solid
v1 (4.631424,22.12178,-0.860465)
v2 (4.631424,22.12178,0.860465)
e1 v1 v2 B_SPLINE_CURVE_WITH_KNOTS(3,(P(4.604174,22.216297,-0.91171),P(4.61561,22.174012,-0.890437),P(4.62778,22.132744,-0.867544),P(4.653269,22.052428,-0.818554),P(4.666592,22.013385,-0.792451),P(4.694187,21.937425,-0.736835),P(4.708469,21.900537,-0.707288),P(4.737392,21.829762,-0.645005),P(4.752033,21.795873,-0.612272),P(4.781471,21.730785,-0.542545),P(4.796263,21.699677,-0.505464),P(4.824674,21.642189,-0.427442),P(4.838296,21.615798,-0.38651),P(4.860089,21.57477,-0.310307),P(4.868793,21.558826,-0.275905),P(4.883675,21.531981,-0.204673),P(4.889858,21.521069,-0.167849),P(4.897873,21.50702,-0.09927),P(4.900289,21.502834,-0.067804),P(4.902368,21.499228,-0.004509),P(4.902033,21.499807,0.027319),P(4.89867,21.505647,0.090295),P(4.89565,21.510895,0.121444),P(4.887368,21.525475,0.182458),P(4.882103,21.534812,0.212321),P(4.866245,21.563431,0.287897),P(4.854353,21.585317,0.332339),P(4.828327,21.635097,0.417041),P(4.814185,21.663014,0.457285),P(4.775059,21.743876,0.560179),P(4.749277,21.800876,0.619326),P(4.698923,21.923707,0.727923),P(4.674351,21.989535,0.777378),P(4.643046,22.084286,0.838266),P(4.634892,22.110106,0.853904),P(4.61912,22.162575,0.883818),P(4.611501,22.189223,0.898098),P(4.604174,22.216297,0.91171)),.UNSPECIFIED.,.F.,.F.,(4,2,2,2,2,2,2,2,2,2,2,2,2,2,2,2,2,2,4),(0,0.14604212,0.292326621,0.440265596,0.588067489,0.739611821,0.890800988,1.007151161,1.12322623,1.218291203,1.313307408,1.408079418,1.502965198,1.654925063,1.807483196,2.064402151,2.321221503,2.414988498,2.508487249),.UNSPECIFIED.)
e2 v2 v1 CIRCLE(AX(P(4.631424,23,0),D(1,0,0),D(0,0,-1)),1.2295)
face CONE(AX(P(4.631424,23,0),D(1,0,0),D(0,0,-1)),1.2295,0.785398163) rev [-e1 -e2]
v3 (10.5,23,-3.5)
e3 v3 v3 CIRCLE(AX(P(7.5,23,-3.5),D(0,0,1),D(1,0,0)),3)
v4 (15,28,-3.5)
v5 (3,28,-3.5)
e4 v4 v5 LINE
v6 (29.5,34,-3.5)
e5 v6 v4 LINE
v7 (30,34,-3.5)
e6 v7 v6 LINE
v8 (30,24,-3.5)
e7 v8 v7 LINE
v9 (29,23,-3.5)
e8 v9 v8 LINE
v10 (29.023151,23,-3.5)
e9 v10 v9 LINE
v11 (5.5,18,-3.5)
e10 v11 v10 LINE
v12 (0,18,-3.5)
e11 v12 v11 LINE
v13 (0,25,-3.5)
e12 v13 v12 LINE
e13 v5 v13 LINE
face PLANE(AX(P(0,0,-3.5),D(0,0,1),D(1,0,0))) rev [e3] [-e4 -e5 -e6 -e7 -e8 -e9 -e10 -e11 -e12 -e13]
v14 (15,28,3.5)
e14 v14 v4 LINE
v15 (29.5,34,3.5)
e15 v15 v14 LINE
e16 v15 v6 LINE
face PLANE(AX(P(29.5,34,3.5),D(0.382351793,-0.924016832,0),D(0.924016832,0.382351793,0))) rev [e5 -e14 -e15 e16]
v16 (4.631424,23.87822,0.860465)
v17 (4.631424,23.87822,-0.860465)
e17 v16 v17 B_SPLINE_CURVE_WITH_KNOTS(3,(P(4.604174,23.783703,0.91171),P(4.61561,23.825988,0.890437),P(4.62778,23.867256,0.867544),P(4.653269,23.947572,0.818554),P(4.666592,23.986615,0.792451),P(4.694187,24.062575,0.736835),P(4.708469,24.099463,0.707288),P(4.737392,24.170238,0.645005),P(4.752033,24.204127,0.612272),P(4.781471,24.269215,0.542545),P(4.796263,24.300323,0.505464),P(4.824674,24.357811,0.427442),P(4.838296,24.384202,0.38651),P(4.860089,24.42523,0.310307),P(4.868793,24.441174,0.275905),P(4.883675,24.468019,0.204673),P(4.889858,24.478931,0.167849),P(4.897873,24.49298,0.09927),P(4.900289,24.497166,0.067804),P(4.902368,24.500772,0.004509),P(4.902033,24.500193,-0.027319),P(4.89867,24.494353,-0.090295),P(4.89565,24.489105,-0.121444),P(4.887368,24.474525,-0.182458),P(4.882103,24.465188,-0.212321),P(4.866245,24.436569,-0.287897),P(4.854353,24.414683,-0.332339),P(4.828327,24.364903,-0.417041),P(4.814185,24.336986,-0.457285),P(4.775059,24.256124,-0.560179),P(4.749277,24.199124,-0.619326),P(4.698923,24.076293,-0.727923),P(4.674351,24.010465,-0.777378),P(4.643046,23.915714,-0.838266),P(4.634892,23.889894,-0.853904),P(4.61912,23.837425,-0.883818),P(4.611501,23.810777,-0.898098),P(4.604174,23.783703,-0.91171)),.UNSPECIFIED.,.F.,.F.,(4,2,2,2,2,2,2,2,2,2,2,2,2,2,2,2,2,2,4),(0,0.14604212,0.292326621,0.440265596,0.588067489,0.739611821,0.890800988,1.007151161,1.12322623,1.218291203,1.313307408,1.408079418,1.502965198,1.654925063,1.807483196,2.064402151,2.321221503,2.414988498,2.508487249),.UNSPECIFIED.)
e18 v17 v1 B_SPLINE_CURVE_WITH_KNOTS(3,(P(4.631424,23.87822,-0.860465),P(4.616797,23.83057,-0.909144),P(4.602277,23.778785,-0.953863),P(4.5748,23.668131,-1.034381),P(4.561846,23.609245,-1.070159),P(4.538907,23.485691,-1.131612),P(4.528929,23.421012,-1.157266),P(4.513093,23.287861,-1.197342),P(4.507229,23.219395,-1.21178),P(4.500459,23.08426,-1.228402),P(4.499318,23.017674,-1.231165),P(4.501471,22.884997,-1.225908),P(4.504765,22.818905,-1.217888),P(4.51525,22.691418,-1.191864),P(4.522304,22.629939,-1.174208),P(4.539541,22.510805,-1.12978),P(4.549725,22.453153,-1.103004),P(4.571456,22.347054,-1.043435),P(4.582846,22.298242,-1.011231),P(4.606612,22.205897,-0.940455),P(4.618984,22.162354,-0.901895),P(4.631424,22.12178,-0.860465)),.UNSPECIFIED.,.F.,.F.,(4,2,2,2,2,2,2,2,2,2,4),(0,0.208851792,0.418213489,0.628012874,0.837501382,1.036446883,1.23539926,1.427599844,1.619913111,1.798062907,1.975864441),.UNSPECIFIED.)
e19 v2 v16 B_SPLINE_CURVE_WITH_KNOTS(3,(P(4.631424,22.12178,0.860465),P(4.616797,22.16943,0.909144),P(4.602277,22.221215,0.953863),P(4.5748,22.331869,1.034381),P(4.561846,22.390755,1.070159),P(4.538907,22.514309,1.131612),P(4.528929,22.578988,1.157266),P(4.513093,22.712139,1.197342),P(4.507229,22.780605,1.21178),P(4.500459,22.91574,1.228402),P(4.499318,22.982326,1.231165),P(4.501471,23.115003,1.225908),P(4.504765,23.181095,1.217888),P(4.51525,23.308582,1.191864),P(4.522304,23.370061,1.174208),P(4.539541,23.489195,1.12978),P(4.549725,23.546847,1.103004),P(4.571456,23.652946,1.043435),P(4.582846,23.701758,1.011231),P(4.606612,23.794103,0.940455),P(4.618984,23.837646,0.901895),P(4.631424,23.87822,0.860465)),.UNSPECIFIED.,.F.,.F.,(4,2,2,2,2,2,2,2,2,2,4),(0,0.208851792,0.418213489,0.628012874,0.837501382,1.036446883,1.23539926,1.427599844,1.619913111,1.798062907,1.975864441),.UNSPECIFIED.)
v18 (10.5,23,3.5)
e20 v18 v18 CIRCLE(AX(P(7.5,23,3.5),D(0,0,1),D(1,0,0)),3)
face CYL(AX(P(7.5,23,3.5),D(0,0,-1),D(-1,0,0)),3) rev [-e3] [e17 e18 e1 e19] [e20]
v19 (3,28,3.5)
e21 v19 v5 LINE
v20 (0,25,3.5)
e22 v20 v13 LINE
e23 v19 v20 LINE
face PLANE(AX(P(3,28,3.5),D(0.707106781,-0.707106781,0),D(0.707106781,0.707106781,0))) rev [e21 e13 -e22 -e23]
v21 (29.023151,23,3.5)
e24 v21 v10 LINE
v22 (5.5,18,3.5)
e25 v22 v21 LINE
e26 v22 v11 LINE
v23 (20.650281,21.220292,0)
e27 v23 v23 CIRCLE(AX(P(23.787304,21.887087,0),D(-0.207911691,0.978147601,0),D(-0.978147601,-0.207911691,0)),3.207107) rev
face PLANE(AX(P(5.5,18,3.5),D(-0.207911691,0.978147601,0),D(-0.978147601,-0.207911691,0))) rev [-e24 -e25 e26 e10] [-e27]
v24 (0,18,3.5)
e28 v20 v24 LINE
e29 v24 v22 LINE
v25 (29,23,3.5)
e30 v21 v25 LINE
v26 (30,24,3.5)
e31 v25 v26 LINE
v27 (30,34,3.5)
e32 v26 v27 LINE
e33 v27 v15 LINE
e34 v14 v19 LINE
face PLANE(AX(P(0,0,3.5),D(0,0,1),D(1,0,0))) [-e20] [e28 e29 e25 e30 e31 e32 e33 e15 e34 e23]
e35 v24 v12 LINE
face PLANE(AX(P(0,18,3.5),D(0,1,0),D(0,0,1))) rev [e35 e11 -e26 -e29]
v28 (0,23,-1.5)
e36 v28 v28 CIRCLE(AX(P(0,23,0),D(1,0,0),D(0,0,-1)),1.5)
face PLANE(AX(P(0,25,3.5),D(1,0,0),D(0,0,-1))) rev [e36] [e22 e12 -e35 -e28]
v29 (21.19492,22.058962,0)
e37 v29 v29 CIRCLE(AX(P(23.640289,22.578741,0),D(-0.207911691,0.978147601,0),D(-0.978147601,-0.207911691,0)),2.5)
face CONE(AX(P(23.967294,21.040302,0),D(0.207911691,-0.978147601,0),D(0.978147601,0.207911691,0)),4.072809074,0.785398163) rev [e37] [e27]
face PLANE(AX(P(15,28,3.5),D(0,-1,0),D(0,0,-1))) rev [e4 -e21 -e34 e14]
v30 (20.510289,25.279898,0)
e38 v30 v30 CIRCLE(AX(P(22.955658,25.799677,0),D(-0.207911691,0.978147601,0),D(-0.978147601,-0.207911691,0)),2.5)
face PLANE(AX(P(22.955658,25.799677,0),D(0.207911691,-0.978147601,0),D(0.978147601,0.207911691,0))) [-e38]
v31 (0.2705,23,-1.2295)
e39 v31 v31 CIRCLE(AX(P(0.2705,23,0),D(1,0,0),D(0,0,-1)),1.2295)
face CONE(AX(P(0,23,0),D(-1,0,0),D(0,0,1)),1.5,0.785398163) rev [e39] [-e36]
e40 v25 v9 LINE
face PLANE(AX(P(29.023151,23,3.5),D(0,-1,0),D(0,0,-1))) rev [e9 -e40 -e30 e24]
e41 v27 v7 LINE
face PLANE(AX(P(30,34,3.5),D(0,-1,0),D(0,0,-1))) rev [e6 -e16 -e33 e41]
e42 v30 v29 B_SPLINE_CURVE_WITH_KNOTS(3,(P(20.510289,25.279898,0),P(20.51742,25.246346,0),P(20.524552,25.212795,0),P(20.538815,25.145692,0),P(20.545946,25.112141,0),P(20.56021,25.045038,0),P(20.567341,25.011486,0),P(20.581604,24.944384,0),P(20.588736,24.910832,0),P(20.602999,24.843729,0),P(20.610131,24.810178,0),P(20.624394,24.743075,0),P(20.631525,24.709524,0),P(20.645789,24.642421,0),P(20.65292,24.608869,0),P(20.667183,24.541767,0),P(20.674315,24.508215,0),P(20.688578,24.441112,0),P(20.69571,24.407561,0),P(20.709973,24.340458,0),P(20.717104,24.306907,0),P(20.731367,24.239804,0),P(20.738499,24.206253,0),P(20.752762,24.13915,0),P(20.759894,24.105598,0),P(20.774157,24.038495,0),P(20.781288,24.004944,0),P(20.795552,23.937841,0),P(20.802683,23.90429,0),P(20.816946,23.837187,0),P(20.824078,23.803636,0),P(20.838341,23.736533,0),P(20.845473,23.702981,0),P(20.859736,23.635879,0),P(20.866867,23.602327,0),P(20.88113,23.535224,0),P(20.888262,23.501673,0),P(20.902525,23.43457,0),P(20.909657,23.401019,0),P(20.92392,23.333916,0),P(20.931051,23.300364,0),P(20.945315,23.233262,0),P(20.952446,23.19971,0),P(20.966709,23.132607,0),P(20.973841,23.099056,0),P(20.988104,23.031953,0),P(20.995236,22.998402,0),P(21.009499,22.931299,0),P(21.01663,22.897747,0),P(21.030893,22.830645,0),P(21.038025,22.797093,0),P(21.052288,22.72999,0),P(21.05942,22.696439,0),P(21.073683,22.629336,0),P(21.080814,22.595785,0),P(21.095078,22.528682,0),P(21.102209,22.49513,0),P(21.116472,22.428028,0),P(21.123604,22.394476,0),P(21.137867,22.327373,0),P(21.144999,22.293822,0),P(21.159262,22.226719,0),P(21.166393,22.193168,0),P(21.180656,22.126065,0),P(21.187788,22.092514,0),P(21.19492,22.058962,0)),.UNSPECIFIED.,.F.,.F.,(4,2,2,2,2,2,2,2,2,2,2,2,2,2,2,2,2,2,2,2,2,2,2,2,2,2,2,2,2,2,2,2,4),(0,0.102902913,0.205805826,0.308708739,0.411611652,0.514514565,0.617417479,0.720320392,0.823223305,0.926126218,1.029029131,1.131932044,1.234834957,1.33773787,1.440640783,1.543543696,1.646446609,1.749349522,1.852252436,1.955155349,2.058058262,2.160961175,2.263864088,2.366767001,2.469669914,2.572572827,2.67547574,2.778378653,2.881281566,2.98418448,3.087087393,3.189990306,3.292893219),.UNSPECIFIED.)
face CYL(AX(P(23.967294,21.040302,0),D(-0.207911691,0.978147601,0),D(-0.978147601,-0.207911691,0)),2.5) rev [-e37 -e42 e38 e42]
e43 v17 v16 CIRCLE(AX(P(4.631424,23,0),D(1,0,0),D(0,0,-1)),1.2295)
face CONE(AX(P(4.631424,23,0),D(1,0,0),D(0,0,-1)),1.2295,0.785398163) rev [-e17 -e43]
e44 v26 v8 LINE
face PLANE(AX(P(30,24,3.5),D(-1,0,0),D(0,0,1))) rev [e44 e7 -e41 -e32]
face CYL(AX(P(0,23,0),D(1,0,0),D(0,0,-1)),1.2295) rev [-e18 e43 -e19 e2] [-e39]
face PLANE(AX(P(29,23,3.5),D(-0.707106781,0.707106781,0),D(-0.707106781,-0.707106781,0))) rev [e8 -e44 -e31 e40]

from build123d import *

# Parameters (mm, degrees)
BOSS_EXTRUDE1_DEPTH      = 3.5
BOSS_EXTRUDE1_DEPTH_BACK = 3.5
CUT_EXTRUDE1_DEPTH       = 3.5
CUT_EXTRUDE1_DEPTH_BACK  = 3.5
SKETCH2_R                = 3


with BuildPart() as part:
    # Sketch1 → Boss-Extrude1 (new, two sides: drawn at the far end of the back side and taken through both)
    with BuildSketch(Plane.XY.offset(-BOSS_EXTRUDE1_DEPTH_BACK)):
        Polygon((0, 25), (0, 18), (5.5, 18), (29.023150547, 23), (29, 23), (30, 24), (30, 34), (29.5, 34), (15, 28), (3, 28), align=None)
    extrude(amount=BOSS_EXTRUDE1_DEPTH + BOSS_EXTRUDE1_DEPTH_BACK)

    # Sketch2 → Cut-Extrude1 (cut, two sides: drawn at the far end of the back side and taken through both)
    with BuildSketch(Plane.XY.offset(-CUT_EXTRUDE1_DEPTH_BACK)):
        with Locations((7.5, 23)):
            Circle(SKETCH2_R)
    extrude(amount=CUT_EXTRUDE1_DEPTH + CUT_EXTRUDE1_DEPTH_BACK, mode=Mode.SUBTRACT)

    # Sketch3 → Cut-Revolve1 (revolve, cut)
    with BuildSketch(Plane.XY):
        Polygon((4.901923789, 23), (4.901923789, 21.5), (4.631423789, 21.7705), (0.2705, 21.7705), (0, 21.5), (0, 23), align=None)
    revolve(axis=Axis((0, 23, 0), (1, 0, 0)), mode=Mode.SUBTRACT)

    # Sketch4 → Cut-Revolve2 (revolve, cut)
    with BuildSketch(Plane.XY):
        Polygon((22.955657634, 25.799676948), (25.401026635, 26.319456175), (26.085657632, 23.098520573), (27.951102449, 21.887086545), (23.967294024, 21.040301924), align=None)
    revolve(axis=Axis((23.967294024, 21.040301924, 0), (-0.20791169081768215, 0.9781476007338221, 0)), mode=Mode.SUBTRACT)


solid = part.part
